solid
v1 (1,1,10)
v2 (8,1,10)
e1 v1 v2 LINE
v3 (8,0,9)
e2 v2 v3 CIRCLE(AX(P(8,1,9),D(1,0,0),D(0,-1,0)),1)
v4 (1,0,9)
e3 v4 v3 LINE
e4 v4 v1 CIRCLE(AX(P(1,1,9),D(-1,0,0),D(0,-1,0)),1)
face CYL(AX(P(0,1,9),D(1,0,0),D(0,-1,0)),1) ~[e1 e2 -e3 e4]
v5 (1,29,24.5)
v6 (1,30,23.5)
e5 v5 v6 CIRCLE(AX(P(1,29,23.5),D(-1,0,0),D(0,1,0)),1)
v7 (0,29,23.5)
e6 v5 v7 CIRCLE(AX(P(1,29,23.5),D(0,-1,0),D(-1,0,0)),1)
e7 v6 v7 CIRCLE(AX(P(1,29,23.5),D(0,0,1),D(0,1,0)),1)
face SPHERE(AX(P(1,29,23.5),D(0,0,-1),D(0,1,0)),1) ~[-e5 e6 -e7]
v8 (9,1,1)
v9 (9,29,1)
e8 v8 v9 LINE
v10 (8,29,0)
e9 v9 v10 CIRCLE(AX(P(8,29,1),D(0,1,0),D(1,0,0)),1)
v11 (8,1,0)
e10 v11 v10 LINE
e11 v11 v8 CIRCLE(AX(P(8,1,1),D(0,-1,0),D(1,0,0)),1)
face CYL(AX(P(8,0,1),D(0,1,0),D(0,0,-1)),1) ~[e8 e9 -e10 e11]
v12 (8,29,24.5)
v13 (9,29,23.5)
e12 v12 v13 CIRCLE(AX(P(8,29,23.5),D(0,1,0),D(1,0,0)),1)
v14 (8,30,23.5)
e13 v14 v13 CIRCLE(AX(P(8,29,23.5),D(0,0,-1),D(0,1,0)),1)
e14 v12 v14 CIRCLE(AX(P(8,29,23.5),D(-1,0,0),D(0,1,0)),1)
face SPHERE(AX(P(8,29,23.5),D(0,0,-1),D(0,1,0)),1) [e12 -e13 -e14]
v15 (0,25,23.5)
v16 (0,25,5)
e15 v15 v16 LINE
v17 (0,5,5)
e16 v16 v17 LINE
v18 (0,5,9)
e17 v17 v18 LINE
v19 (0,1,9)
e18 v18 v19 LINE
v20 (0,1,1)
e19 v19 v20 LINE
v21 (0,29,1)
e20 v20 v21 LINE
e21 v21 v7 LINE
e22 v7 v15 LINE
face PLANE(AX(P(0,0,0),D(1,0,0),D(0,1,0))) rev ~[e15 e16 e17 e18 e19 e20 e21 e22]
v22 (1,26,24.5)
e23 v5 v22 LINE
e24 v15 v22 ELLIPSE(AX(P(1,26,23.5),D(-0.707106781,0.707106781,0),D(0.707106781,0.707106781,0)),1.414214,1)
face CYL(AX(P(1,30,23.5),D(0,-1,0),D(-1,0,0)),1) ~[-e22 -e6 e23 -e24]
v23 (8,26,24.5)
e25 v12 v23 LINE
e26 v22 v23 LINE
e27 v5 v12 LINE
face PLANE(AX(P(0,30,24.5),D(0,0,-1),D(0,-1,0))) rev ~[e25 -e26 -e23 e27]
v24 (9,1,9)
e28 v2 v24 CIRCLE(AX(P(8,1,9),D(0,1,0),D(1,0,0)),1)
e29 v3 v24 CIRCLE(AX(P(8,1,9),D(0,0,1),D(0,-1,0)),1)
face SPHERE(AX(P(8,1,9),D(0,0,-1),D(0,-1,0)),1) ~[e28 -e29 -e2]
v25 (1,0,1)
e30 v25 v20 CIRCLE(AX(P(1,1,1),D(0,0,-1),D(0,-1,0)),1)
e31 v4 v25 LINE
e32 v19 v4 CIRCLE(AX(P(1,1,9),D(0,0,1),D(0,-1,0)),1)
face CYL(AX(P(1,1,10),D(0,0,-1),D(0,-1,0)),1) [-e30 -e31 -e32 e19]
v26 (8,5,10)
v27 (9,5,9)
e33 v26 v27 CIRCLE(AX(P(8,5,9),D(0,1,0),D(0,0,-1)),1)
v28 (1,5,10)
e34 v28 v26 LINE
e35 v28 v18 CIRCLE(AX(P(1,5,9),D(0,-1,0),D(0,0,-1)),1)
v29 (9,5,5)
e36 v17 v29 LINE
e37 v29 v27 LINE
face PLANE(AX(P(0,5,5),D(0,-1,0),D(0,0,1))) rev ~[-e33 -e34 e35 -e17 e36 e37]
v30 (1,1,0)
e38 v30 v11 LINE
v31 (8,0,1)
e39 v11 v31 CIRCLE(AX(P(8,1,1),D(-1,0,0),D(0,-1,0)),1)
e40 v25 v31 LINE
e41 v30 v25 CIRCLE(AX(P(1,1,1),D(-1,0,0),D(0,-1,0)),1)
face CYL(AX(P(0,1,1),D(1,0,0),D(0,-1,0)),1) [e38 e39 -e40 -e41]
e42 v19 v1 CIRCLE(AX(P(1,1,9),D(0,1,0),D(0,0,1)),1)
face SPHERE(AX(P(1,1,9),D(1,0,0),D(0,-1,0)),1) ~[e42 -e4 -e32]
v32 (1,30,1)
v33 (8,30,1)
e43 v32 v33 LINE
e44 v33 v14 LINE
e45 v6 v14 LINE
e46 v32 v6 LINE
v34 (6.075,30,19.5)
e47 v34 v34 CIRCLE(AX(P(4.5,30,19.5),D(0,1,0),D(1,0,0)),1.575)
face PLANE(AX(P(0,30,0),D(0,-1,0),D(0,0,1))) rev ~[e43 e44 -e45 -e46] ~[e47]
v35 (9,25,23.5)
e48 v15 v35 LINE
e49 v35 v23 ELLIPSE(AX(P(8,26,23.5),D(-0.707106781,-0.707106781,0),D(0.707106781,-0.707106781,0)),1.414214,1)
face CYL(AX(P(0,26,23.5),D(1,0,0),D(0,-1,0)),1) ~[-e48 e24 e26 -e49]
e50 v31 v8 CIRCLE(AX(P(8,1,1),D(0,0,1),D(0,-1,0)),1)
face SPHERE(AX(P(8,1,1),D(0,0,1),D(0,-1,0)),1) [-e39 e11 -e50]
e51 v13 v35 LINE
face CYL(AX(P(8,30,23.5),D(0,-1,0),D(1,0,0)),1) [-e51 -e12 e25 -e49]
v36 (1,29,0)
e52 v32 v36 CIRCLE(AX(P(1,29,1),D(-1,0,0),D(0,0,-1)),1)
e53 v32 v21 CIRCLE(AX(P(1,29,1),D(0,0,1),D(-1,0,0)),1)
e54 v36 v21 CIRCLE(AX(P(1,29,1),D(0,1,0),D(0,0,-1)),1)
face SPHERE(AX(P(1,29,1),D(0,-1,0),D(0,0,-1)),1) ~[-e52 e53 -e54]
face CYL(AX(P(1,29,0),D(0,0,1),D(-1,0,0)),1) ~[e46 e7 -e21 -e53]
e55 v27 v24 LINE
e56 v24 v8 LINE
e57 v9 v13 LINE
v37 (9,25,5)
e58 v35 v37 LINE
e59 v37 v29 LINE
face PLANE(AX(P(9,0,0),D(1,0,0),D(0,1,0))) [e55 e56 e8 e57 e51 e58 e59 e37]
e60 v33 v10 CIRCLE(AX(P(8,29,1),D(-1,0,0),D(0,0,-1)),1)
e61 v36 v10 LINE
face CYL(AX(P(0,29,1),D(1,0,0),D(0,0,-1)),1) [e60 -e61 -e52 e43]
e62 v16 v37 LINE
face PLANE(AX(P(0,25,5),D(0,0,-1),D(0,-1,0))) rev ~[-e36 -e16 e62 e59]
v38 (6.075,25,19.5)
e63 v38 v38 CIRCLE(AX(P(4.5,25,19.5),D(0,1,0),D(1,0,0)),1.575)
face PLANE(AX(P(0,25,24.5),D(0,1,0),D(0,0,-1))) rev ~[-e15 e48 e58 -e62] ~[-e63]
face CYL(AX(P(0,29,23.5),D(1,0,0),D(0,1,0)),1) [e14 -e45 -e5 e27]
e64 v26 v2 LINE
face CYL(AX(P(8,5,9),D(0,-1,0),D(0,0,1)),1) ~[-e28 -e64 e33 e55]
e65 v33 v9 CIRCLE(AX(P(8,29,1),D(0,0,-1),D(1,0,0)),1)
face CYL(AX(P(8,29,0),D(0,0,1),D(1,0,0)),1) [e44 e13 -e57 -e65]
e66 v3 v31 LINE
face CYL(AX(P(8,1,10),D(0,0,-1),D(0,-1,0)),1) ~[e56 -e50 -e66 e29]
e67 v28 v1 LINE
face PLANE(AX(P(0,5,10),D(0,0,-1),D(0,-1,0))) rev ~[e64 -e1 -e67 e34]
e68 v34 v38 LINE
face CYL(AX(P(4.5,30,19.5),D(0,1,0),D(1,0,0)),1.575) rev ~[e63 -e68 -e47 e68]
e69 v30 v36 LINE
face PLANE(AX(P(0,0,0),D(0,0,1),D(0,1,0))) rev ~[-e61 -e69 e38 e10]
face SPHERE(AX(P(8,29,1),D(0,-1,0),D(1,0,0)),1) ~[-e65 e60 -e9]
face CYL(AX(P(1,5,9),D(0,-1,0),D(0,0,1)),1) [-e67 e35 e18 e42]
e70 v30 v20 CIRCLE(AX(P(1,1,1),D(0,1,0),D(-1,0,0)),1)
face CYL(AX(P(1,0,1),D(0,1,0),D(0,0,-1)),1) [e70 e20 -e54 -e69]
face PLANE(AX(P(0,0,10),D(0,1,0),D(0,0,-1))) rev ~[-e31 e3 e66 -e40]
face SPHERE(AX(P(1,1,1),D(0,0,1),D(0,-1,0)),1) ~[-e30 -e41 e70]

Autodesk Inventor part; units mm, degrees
ref_plane "YZ Plane" through (0, 0, 0) normal (1, 0, 0) x (0, 1, 0)
ref_plane "XZ Plane" through (0, 0, 0) normal (0, 1, 0) x (-1, 0, 0)
ref_plane "XY Plane" through (0, 0, 0) normal (0, 0, 1) x (1, 0, 0)
sketch "Sketch1" plane through (0, 0, 0) normal (1, 0, 0) x (0, 1, 0)
  line L0 (0, 0) -> (30, 0)
  line L1 (30, 0) -> (30, 24.5)
  line L2 (30, 24.5) -> (25, 24.5)
  line L3 (25, 24.5) -> (25, 5)
  line L4 (25, 5) -> (5, 5)
  line L5 (5, 5) -> (5, 10)
  line L6 (5, 10) -> (0, 10)
  line L7 (0, 10) -> (0, 0)
  line L8 (25, 5) -> (32.5, 5) construction
  dimension "d0" = 30
  dimension "d1" = 24.5
  dimension "d2" = 5
  dimension "d3" = 19.5
  dimension "d9" = 5
  dimension "d10" = 5
extrude "Extrusion1" add sketch "Sketch1" along normal blind 9
sketch "Sketch4" plane through (0, 30, 24.5) normal (0, 1, 0) x (1, 0, 0)
  circle A0 centre (4.5, 5) radius 1.575
  line L0 (0, 0) -> (9, 0) projected
  line L1 (0, 24.5) -> (0, 0) projected
  dimension "d18" = 3.15
  dimension "d19" = 5
  dimension "d20" = 4.5
extrude "Extrusion3" cut sketch "Sketch4" against normal blind 5
fillet "Fillet1" radius 1 15 edges at (9, 0, 5) (4.5, 0, 10) (0, 0, 5) (4.5, 0, 0) (9, 15, 0) (0, 15, 0) (9, 30, 12.25) (4.5, 30, 0) (0, 30, 12.25) (4.5, 30, 24.5) (4.5, 25, 24.5) (9, 27.5, 24.5) (0, 27.5, 24.5) (9, 2.5, 10) (0, 2.5, 10)
properties part number "bed_spring_holder_front" material "Plastic, Opaque Black"
